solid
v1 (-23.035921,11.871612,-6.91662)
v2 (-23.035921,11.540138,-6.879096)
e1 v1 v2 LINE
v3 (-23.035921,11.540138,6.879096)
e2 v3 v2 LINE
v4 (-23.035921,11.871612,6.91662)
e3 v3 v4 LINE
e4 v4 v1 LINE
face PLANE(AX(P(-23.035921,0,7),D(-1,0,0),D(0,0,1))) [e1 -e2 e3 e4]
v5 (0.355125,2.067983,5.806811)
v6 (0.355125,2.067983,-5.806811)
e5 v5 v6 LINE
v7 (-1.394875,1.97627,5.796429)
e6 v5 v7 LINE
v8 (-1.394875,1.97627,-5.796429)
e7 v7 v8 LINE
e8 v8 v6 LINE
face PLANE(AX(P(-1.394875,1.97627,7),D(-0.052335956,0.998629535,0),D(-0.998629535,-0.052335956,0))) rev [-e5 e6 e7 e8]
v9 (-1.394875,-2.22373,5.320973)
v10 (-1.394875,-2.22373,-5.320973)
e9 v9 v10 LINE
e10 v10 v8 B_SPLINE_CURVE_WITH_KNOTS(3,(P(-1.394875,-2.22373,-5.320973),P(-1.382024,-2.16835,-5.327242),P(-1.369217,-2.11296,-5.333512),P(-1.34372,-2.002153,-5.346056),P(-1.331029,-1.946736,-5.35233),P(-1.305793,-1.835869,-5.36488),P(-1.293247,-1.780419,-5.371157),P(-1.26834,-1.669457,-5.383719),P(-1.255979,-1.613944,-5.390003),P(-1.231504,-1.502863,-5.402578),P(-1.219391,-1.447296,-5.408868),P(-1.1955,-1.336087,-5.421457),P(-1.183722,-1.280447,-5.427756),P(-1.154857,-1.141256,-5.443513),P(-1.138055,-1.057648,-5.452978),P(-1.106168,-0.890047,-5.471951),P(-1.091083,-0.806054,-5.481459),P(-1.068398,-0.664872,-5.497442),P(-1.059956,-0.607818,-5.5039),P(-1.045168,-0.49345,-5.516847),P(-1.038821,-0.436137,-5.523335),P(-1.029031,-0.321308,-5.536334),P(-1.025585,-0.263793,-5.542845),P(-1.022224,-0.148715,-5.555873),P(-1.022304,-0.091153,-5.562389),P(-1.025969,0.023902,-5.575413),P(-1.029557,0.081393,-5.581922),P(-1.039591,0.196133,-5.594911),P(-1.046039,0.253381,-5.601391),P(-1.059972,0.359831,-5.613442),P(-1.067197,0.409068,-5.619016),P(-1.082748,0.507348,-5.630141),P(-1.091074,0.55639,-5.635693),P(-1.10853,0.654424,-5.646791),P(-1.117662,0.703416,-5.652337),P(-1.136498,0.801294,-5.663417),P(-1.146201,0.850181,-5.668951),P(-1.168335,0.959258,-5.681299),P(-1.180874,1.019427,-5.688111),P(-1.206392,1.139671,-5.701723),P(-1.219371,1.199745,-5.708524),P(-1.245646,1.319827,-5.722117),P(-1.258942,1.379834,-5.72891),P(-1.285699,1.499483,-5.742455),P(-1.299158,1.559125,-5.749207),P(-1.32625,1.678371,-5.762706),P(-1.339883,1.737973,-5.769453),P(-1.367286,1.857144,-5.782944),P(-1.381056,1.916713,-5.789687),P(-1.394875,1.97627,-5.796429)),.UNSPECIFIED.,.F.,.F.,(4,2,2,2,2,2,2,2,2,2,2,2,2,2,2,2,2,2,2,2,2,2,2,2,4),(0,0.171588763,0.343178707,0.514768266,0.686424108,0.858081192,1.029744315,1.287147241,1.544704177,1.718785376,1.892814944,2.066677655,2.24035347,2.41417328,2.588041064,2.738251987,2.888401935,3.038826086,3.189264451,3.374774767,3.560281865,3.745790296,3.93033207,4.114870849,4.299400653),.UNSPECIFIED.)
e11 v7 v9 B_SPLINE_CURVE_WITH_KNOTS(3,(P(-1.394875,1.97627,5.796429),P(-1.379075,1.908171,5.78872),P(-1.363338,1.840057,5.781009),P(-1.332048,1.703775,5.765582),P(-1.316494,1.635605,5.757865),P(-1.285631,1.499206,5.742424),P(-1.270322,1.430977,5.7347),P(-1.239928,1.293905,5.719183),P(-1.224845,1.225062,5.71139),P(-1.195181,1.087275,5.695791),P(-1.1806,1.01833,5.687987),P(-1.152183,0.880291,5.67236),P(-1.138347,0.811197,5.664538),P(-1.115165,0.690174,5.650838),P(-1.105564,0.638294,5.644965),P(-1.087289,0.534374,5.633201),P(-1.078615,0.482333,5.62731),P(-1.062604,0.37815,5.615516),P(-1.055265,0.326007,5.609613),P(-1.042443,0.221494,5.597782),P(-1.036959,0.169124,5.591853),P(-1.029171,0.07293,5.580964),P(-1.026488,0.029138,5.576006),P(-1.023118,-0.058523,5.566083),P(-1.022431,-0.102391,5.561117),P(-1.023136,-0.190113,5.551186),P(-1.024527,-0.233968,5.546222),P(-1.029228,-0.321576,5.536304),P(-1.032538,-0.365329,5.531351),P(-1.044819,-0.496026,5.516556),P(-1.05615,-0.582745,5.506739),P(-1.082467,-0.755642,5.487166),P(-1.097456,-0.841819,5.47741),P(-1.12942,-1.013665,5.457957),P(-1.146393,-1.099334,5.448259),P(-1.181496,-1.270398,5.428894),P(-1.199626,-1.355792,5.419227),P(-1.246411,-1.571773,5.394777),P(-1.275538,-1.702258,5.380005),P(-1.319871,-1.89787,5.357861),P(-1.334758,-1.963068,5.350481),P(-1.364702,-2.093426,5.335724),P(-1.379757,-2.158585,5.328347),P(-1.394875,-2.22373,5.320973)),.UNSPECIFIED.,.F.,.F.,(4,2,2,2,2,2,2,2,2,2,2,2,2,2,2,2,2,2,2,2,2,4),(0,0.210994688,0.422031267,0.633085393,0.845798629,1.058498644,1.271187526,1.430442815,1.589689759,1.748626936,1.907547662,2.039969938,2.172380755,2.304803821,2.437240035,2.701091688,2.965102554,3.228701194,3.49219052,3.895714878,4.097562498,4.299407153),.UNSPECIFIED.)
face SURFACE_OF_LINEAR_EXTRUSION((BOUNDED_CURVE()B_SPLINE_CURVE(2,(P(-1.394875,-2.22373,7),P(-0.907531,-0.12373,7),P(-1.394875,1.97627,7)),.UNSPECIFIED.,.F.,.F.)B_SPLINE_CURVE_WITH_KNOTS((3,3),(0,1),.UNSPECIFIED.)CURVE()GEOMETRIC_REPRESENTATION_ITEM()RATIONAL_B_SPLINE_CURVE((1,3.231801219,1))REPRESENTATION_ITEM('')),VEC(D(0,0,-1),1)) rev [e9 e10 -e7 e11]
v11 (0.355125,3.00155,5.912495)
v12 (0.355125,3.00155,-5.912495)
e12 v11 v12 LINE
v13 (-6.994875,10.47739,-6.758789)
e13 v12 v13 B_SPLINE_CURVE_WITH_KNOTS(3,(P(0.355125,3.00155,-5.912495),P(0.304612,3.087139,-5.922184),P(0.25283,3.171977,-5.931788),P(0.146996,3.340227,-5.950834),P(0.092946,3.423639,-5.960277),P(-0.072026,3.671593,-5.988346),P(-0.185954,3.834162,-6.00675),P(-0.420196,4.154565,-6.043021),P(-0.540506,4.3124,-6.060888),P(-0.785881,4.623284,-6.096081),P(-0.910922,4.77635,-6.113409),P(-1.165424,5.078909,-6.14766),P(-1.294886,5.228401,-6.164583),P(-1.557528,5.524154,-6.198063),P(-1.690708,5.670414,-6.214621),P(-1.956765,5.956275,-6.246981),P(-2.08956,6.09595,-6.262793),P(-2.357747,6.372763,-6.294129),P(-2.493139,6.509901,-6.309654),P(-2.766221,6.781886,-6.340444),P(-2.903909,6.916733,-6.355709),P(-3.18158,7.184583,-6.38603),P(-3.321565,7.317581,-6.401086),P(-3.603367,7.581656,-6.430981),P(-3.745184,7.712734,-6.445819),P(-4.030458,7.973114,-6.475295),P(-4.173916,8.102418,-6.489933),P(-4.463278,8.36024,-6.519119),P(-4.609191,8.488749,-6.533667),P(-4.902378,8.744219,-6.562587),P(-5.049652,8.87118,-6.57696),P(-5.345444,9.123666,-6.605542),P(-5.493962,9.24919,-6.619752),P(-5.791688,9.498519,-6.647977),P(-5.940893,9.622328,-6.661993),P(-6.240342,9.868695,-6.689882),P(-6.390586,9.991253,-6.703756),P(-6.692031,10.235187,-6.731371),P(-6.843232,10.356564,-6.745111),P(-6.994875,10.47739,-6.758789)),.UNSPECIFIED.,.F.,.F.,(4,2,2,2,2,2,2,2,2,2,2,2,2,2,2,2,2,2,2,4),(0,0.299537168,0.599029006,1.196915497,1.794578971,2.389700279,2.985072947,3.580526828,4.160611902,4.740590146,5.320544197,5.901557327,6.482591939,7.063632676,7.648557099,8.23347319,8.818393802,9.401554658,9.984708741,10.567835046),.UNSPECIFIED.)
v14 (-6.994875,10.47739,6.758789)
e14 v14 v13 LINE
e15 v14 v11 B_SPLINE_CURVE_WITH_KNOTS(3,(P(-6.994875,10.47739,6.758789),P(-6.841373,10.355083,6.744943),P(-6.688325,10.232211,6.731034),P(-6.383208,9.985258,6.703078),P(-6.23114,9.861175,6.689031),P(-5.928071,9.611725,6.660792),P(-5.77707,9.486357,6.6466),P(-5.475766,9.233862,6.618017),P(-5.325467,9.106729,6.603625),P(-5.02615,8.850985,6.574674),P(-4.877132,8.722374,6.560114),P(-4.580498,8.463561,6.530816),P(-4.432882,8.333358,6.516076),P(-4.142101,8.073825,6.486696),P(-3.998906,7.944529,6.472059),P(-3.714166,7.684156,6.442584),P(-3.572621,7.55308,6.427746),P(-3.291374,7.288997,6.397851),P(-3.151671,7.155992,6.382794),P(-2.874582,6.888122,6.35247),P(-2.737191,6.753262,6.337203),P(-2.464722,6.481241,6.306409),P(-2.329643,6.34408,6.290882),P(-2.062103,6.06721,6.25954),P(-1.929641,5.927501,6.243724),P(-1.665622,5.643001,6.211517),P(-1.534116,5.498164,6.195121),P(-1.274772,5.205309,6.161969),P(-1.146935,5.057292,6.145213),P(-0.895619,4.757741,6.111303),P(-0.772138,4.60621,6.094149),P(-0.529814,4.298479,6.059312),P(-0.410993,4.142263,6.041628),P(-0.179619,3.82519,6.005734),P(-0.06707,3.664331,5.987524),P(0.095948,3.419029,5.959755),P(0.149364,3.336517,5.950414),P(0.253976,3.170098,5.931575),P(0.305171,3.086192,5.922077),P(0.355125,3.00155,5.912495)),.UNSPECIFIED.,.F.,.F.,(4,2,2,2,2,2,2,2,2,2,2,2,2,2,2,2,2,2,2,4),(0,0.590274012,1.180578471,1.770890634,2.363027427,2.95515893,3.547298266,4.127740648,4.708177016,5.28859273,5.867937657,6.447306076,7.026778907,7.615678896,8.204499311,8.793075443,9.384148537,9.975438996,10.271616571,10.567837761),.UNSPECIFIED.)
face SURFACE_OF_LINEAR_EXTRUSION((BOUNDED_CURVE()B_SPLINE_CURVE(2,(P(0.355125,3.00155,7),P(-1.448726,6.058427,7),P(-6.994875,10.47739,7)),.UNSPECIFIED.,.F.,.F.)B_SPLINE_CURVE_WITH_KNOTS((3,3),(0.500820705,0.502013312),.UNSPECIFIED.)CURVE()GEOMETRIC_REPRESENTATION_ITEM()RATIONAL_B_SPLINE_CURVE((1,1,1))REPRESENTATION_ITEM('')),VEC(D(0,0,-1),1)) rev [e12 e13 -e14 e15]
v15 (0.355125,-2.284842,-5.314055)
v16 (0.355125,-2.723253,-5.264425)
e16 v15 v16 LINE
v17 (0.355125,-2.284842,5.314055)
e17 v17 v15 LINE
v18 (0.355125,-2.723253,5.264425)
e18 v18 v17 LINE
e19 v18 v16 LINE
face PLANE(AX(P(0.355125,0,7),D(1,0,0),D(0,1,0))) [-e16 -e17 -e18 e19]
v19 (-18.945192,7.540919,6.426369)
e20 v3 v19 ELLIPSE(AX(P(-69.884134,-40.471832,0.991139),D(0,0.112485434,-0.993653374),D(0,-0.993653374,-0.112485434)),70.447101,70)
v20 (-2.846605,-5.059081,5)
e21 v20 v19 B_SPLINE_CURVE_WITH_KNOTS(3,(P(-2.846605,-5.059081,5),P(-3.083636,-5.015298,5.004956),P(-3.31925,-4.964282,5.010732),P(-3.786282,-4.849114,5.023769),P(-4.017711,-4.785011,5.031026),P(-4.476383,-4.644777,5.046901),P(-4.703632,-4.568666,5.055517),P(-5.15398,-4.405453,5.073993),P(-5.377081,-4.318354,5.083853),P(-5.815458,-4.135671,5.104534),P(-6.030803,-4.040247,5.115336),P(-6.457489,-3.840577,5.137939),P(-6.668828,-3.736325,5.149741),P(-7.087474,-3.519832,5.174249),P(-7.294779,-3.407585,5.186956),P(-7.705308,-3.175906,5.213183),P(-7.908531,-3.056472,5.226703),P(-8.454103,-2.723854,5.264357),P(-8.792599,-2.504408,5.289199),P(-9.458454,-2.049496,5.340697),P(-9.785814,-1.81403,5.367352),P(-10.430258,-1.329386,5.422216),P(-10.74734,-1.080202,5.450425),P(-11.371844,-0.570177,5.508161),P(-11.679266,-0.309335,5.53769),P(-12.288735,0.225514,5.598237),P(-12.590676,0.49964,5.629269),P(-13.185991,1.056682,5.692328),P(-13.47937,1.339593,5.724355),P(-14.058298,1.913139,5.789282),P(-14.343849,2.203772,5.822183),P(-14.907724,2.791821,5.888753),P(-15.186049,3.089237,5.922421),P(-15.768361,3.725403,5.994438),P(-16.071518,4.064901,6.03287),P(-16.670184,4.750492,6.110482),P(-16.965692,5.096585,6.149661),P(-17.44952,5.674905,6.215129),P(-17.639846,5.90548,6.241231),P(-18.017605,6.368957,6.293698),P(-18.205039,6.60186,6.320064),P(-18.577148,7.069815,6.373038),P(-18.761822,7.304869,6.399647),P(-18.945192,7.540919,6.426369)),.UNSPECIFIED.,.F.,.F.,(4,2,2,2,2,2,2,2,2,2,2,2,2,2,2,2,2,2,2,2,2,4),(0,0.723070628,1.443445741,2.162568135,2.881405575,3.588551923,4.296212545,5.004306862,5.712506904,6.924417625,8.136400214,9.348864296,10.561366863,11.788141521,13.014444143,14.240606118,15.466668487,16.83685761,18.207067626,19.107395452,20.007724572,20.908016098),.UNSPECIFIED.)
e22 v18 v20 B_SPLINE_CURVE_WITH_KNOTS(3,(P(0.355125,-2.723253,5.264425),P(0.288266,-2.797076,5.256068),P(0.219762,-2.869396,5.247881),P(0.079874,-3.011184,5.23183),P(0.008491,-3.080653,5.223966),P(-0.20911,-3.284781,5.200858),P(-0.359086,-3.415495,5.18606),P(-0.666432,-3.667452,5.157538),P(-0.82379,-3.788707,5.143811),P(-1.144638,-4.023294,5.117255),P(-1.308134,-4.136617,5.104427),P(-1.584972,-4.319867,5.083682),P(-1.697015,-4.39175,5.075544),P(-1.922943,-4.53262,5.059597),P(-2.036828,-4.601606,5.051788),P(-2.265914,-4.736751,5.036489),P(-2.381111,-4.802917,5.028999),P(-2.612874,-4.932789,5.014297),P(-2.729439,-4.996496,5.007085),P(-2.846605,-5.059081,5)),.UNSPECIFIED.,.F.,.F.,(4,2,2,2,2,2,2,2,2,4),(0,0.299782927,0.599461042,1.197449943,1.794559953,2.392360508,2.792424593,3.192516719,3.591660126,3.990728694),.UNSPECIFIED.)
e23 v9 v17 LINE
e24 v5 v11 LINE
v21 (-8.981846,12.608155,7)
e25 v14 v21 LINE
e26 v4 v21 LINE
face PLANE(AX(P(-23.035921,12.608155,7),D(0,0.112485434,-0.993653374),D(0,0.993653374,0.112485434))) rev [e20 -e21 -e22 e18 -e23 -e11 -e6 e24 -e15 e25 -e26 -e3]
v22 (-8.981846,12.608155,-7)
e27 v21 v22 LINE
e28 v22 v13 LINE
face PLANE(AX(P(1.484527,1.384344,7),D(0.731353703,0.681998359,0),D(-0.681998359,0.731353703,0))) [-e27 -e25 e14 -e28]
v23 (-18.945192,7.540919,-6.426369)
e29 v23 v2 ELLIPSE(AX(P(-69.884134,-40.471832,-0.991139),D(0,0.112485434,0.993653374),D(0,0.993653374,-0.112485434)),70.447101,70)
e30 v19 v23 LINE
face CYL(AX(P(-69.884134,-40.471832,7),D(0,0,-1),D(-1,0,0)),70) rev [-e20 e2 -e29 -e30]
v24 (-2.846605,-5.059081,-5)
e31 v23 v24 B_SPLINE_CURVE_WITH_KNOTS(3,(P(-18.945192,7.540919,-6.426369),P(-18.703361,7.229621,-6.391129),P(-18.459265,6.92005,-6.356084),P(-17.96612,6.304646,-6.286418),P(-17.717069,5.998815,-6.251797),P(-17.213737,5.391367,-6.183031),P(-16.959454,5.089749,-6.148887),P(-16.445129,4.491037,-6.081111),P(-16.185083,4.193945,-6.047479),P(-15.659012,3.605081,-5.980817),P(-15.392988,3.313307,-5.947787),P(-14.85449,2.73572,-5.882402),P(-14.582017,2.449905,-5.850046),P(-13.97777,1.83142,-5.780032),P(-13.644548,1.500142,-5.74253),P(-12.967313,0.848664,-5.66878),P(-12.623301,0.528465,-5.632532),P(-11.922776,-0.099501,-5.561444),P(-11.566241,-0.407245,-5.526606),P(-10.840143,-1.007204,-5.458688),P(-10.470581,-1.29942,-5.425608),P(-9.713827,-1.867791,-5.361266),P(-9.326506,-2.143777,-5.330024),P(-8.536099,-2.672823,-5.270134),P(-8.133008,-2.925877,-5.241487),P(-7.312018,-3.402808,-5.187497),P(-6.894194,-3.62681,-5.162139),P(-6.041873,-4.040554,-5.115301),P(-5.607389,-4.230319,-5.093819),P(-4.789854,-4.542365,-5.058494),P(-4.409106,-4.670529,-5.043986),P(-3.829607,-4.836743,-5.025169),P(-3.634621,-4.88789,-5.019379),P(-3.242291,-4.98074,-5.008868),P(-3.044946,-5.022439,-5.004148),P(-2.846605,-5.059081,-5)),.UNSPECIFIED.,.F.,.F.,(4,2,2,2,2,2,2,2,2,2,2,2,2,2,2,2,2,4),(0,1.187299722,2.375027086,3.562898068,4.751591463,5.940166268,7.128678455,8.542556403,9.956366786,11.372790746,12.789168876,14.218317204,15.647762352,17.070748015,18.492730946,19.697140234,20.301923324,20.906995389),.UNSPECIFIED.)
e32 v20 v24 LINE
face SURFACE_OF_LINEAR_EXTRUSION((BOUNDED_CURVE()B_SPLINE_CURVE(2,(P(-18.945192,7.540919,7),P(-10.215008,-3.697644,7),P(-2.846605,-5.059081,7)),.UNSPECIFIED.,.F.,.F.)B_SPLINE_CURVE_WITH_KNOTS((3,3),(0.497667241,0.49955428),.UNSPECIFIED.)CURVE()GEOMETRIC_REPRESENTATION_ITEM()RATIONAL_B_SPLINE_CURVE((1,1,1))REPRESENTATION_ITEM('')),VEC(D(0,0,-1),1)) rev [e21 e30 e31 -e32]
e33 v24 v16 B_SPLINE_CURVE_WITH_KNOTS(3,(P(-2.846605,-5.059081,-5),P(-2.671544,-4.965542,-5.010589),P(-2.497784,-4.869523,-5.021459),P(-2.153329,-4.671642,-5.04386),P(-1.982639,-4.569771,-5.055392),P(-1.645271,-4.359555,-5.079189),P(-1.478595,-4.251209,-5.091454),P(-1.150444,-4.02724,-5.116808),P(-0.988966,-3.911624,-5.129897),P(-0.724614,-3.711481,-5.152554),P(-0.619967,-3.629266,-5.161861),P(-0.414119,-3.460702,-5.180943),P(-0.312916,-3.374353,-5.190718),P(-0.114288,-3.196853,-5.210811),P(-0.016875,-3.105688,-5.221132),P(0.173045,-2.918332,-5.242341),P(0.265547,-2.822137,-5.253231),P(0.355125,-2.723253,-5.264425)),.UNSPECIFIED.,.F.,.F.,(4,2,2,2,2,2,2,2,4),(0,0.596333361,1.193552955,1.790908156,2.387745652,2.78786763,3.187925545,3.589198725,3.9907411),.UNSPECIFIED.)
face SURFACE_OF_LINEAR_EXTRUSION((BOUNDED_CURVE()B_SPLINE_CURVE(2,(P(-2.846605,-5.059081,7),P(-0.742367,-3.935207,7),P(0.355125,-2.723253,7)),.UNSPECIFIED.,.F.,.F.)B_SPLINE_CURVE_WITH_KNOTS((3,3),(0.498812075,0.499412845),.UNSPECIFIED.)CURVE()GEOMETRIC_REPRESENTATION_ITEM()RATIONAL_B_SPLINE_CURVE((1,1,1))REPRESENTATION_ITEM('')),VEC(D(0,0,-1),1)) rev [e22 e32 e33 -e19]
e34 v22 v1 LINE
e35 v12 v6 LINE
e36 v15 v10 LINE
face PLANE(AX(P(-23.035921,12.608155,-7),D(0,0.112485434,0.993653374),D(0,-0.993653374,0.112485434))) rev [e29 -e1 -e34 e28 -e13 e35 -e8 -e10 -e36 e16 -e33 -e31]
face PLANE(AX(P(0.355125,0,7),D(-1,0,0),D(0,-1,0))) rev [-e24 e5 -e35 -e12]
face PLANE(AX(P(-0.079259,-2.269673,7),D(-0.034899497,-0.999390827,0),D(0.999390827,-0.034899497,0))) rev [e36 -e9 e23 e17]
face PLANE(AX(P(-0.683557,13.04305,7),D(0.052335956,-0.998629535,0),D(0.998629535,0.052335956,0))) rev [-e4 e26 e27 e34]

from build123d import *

# Parameters (mm, degrees)
SALIENTE_EXTRUIR1_DEPTH      = 7
SALIENTE_EXTRUIR2_DEPTH      = 7
SALIENTE_EXTRUIR2_DEPTH_BACK = 7
CORTAR_EXTRUIR2_DEPTH        = 28.177550449
CORTAR_EXTRUIR2_DEPTH_BACK   = 28.177550449


with BuildPart() as part:
    # Croquis1 → Saliente-Extruir1 (new, symmetric)
    with BuildSketch(Plane.XY):
        with BuildLine():
            add(Edge.make_bspline(
                [(-18.945192114, 7.540918896), (-10.215008384, -3.697644103), (-2.846604825, -5.059081104)],
                knots=[0.497667241, 0.497667241, 0.497667241, 0.49955428, 0.49955428, 0.49955428], degree=2, weights=[1, 1, 1]))
            add(Edge.make_bspline(
                [(-2.846604825, -5.059081104), (-0.742366882, -3.9352066), (0.355125, -2.723253227)],
                knots=[0.498812075, 0.498812075, 0.498812075, 0.499412845, 0.499412845, 0.499412845], degree=2, weights=[1, 1, 1]))
            Line((0.355125, -2.723253227), (0.355125, -2.284841781))
            Line((0.355125, -2.284841781), (-1.394875, -2.223730435))
            add(Edge.make_bspline(
                [(-1.394875, -2.223730435), (-0.90753067, -0.123730435), (-1.394875, 1.976269565)],
                knots=[0, 0, 0, 1, 1, 1], degree=2, weights=[1, 3.231801219, 1]))
            Line((-1.394875, 1.976269565), (0.355125, 2.284841781))
            Line((0.355125, 2.284841781), (0.355125, 3.001549529))
            add(Edge.make_bspline(
                [(0.355125, 3.001549529), (-1.44872627, 6.058427314), (-6.994875026, 10.477389992)],
                knots=[0.500820705, 0.500820705, 0.500820705, 0.502013312, 0.502013312, 0.502013312], degree=2, weights=[1, 1, 1]))
            Line((-6.994875026, 10.477389992), (-8.981845695, 12.608155172))
            Line((-8.981845695, 12.608155172), (-23.035921146, 11.871612288))
            Line((-23.035921146, 11.871612288), (-23.035921146, 11.54013782))
            ThreePointArc((-23.035921146, 11.54013782), (-20.949684518, 9.582335705), (-18.945192114, 7.540918896))
        make_face()
    extrude(amount=SALIENTE_EXTRUIR1_DEPTH, both=True)

    # Croquis4 → Saliente-Extruir2 (add, two sides: drawn at the far end of the back side and taken through both)
    with BuildSketch(Plane.XY.offset(-SALIENTE_EXTRUIR2_DEPTH_BACK)):
        Polygon((-1.394875, 1.976269565), (0.355125, 2.284841781), (0.355125, 2.067983179), align=None)
    extrude(amount=SALIENTE_EXTRUIR2_DEPTH + SALIENTE_EXTRUIR2_DEPTH_BACK)

    # Croquis6 → Cortar-Extruir2 (cut, two sides: drawn at the far end of the back side and taken through both)
    with BuildSketch(Plane(origin=(0, 0, 0), x_dir=(0, 0, -1), z_dir=(1, 0, 0)).offset(-CORTAR_EXTRUIR2_DEPTH_BACK)):
        Polygon((7, 12.608155172), (7, -5.059081104), (5, -5.059081104), align=None)
        Polygon((-7, 12.608155172), (-7, -5.059081104), (-5, -5.059081104), align=None)
    extrude(amount=CORTAR_EXTRUIR2_DEPTH + CORTAR_EXTRUIR2_DEPTH_BACK, mode=Mode.SUBTRACT)


solid = part.part
